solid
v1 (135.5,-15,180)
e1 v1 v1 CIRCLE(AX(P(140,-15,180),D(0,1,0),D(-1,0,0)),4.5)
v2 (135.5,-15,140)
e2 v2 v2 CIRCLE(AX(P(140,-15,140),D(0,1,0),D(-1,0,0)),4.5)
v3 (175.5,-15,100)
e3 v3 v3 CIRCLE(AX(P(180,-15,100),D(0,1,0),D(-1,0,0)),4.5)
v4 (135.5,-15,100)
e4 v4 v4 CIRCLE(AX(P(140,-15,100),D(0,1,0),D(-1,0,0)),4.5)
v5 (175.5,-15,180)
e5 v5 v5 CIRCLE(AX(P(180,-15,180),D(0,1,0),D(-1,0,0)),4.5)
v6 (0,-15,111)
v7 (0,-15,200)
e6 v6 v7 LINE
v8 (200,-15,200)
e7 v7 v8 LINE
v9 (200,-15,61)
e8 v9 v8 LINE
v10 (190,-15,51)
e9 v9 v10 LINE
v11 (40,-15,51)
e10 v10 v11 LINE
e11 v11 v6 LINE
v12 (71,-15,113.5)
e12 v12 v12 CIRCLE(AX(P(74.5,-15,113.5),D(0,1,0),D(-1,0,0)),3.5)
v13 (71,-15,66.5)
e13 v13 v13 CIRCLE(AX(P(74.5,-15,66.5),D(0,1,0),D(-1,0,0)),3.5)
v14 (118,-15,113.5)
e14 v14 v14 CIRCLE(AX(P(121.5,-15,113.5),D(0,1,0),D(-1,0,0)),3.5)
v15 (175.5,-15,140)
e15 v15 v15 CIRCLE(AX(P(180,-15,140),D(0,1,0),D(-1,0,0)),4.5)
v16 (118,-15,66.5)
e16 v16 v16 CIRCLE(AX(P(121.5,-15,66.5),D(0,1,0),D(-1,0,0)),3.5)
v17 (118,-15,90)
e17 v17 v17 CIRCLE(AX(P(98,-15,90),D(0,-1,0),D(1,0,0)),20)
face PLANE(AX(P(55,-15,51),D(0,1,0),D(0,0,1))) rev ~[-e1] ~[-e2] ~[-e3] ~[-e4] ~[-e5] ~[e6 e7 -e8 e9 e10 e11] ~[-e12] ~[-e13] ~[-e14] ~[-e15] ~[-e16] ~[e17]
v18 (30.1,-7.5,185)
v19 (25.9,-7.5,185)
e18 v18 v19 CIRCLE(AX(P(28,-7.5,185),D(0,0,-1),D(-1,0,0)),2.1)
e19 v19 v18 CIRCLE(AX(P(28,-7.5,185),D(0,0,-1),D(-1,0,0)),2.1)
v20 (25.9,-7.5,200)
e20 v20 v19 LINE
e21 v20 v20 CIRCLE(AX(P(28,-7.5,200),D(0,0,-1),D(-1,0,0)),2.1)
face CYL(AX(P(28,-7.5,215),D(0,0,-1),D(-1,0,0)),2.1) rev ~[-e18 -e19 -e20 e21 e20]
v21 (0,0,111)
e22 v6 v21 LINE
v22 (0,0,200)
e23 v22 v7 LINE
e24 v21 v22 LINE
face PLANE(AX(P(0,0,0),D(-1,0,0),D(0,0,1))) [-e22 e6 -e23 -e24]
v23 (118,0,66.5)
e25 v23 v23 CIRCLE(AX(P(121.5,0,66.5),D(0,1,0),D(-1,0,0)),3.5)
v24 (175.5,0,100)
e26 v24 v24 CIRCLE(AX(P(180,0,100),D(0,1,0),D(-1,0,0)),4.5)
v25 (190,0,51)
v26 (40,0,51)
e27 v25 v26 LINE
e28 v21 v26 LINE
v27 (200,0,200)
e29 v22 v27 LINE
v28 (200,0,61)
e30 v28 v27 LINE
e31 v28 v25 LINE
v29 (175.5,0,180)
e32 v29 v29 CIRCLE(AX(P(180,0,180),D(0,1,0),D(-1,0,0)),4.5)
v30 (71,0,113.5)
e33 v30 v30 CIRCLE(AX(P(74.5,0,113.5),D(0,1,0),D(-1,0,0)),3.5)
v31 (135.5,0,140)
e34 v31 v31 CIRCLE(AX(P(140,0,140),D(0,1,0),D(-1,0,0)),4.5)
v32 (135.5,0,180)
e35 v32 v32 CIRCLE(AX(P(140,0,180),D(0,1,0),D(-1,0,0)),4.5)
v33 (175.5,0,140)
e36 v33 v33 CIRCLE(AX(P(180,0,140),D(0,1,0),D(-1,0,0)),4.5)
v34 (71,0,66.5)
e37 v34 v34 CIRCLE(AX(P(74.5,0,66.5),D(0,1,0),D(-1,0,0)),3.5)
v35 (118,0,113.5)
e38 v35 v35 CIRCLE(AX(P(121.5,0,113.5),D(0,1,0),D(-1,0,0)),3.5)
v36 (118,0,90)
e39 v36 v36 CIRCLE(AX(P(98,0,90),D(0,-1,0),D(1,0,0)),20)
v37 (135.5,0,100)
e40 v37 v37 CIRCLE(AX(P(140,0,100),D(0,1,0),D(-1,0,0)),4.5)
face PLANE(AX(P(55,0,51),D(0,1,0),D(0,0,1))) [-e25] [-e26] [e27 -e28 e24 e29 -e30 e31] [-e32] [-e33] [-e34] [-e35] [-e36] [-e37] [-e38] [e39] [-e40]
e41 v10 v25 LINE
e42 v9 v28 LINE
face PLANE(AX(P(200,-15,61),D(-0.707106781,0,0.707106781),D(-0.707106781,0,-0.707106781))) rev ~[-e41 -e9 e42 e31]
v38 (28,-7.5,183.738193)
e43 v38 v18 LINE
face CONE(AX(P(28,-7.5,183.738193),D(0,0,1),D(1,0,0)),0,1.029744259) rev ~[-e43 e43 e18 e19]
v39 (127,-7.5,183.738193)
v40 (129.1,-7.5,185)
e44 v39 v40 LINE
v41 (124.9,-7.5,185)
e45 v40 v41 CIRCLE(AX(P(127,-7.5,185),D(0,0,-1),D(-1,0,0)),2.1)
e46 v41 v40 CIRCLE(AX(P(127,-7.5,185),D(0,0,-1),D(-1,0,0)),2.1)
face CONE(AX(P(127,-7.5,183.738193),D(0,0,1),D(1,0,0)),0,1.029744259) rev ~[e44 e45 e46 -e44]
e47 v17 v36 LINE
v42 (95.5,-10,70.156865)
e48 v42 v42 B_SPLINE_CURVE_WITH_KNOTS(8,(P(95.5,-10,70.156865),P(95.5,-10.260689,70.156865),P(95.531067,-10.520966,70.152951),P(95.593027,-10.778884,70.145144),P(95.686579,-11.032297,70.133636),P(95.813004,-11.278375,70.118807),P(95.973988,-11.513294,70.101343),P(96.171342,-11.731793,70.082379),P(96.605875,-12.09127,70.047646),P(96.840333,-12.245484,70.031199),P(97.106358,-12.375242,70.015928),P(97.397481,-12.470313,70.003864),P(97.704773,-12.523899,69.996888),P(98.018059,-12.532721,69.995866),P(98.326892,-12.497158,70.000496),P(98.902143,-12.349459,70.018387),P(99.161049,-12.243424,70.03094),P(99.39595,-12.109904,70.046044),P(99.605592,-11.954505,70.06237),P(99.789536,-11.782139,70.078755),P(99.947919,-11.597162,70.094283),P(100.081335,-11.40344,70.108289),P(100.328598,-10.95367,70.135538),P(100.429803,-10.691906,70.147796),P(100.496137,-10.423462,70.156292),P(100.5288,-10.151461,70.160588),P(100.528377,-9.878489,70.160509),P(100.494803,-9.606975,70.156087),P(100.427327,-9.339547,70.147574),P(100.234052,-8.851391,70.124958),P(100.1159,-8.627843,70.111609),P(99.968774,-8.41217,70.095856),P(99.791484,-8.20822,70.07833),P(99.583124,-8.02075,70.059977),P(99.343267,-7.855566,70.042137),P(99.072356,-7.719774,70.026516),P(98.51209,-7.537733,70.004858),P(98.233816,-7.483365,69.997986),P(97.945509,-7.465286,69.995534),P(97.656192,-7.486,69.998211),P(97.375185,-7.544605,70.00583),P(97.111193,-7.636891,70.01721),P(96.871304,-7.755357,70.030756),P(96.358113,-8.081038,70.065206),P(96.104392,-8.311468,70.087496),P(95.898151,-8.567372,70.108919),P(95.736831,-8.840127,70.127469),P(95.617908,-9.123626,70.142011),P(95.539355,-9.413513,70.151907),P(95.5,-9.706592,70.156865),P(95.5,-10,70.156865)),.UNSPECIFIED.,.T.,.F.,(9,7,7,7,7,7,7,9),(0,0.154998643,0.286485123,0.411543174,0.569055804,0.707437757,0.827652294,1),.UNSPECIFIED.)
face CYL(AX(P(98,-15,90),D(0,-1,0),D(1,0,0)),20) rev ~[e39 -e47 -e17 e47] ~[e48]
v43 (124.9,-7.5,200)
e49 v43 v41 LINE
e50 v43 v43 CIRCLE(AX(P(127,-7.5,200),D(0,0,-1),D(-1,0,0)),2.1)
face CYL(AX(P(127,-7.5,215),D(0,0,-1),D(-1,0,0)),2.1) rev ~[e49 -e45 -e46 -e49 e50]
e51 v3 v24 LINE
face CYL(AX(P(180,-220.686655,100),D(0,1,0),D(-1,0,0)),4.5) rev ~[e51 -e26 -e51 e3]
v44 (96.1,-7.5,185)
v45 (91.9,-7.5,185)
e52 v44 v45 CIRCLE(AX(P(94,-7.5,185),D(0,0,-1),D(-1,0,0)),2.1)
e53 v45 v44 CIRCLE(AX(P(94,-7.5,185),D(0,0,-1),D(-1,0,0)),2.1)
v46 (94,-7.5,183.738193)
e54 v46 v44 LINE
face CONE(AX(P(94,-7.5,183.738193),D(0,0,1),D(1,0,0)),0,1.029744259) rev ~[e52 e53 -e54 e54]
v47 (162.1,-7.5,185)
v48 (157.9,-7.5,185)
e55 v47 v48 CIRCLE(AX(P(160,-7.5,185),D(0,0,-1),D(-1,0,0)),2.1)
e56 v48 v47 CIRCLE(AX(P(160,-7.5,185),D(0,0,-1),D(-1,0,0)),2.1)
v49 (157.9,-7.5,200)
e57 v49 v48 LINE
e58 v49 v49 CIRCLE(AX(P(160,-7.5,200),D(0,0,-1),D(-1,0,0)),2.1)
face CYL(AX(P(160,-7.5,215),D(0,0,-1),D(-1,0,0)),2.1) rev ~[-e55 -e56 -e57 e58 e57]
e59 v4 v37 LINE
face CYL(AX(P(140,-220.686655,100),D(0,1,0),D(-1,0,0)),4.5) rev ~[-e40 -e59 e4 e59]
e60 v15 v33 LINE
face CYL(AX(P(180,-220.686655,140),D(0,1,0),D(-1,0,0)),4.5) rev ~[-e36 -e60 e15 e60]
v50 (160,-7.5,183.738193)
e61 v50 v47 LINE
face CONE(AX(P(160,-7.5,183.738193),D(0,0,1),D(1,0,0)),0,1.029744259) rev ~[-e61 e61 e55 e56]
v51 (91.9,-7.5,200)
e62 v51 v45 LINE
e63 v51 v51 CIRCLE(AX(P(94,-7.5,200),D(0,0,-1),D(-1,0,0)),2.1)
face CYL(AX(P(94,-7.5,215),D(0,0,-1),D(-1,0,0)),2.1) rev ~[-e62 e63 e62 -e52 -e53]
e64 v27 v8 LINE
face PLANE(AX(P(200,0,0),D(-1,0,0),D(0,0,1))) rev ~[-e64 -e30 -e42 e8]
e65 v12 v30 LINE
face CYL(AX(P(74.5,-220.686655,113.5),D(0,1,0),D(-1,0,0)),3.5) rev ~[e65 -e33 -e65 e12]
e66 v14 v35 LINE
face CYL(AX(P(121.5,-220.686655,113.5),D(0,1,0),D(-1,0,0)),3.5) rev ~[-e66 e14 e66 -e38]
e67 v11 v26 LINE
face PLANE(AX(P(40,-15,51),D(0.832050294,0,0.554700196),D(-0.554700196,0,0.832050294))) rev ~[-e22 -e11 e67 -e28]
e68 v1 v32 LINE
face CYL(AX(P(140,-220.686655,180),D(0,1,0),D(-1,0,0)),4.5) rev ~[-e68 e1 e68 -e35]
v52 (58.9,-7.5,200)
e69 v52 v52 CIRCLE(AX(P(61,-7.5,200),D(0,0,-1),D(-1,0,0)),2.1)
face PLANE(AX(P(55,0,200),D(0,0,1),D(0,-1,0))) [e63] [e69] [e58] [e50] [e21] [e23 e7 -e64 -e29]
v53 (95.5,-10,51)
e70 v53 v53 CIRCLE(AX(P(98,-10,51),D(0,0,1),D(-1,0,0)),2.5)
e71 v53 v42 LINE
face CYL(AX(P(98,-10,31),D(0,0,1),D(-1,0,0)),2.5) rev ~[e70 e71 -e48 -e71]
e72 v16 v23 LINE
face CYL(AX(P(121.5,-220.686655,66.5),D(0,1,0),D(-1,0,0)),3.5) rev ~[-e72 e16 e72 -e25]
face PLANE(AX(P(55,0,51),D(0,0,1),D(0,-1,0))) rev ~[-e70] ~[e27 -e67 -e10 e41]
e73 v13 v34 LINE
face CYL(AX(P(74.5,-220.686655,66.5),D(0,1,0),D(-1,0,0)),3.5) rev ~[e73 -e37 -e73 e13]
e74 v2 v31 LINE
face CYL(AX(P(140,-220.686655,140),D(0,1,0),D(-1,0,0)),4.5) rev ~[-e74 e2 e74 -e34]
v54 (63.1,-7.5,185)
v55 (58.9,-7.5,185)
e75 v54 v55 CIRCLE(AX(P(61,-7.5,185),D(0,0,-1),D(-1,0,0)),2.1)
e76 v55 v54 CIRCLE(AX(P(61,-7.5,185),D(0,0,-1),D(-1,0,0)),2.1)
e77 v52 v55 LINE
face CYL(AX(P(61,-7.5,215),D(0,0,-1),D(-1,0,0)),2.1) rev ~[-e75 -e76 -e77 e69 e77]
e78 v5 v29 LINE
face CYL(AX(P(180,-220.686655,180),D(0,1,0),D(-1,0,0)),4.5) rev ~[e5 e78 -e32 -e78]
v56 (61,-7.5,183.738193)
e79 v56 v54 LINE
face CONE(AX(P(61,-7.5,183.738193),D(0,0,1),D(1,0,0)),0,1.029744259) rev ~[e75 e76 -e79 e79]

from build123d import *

# Parameters (mm, degrees)
F0_W      = 200
F0_H      = 200
F1_DEPTH  = 15
F2_R      = 20
F3_DEPTH  = 25
F4_DEPTH  = 25
F5_DEPTH  = 26
F6_DEPTH  = 30
F7_DEPTH  = 29
F9_DEPTH  = 25
F11_D     = 9
F12_D     = 7
F14_D     = 5
F14_DEPTH = 20
F14_TIP   = 1.5021515476
F15_DEPTH = 4
F16_DEPTH = 55
F18_DEPTH = 25
F20_D     = 4.2
F20_DEPTH = 15
F20_TIP   = 1.2618073


with BuildPart() as f1:
    # F0 (on Front) → F1 (new body)
    with BuildSketch(Plane.XZ):
        with Locations((100, 100)):
            Rectangle(F0_W, F0_H)
    extrude(amount=F1_DEPTH)

    # F2 (on face) → F3 (cut)
    with BuildSketch(Plane.XZ.offset(15)):
        with Locations((98, 90)):
            Circle(F2_R)
    extrude(amount=-F3_DEPTH, mode=Mode.SUBTRACT)

    # F4 (cut): a face of the model
    f4_faces = [f1.faces().sort_by_distance(p)[0] for p in [
        (100, -7.5, 0),
    ]]
    extrude(f4_faces, amount=-F4_DEPTH, mode=Mode.SUBTRACT)

    # F5 (cut): a face of the model
    f5_faces = [f1.faces().sort_by_distance(p)[0] for p in [
        (100, -7.5, 25),
    ]]
    extrude(f5_faces, amount=-F5_DEPTH, mode=Mode.SUBTRACT)

    # F6 (cut): a face of the model
    f6_faces = [f1.faces().sort_by_distance(p)[0] for p in [
        (0, -7.5, 125.5),
    ]]
    extrude(f6_faces, amount=-F6_DEPTH, mode=Mode.SUBTRACT)

    # F7 (cut): a face of the model
    f7_faces = [f1.faces().sort_by_distance(p)[0] for p in [
        (30, -7.5, 125.5),
    ]]
    extrude(f7_faces, amount=-F7_DEPTH, mode=Mode.SUBTRACT)

    # F8 (on face) → F9 (cut)
    with BuildSketch(Plane.XZ.offset(15)):
        Polygon((200, 51), (200, 61), (190, 51), align=None)
    extrude(amount=-F9_DEPTH, mode=Mode.SUBTRACT)

    # F11 (through all)
    with Locations(Plane.XZ.offset(15)):
        with Locations((180, 100), (180, 140), (180, 180), (140, 180), (140, 140), (140, 100)):
            Hole(F11_D / 2)

    # F12 (through all)
    with Locations(Plane.XZ.offset(15)):
        with Locations((121.5, 66.5), (121.5, 113.5), (74.5, 66.5), (74.5, 113.5)):
            Hole(F12_D / 2)

    # F14
    with Locations(Plane(origin=(0, 0, 51), x_dir=(1, 0, 0), z_dir=(0, 0, -1))):
        with Locations((98, 10)):
            Hole(F14_D / 2, depth=F14_DEPTH)
            with Locations((0, 0, -(F14_DEPTH + F14_TIP / 2))):  # 118° drill point
                Cone(0, F14_D / 2, F14_TIP, mode=Mode.SUBTRACT)

    # F15 (add): a face of the model
    f15_faces = [f1.faces().sort_by_distance(p)[0] for p in [
        (59, -7.5, 125.5),
    ]]
    extrude(f15_faces, amount=F15_DEPTH)

    # F16 (add): a face of the model
    f16_faces = [f1.faces().sort_by_distance(p)[0] for p in [
        (55, -7.5, 125.5),
    ]]
    extrude(f16_faces, amount=F16_DEPTH)

    # F17 (on face) → F18 (cut)
    with BuildSketch(Plane.XZ.offset(15)):
        Polygon((0, 111), (0, 51), (40, 51), align=None)
    extrude(amount=-F18_DEPTH, mode=Mode.SUBTRACT)

    # F20
    with Locations(Plane.XY.offset(200)):
        with Locations((28, -7.5), (61, -7.5), (94, -7.5), (127, -7.5), (160, -7.5)):
            Hole(F20_D / 2, depth=F20_DEPTH)
            with Locations((0, 0, -(F20_DEPTH + F20_TIP / 2))):  # 118° drill point
                Cone(0, F20_D / 2, F20_TIP, mode=Mode.SUBTRACT)


solid = f1.part
